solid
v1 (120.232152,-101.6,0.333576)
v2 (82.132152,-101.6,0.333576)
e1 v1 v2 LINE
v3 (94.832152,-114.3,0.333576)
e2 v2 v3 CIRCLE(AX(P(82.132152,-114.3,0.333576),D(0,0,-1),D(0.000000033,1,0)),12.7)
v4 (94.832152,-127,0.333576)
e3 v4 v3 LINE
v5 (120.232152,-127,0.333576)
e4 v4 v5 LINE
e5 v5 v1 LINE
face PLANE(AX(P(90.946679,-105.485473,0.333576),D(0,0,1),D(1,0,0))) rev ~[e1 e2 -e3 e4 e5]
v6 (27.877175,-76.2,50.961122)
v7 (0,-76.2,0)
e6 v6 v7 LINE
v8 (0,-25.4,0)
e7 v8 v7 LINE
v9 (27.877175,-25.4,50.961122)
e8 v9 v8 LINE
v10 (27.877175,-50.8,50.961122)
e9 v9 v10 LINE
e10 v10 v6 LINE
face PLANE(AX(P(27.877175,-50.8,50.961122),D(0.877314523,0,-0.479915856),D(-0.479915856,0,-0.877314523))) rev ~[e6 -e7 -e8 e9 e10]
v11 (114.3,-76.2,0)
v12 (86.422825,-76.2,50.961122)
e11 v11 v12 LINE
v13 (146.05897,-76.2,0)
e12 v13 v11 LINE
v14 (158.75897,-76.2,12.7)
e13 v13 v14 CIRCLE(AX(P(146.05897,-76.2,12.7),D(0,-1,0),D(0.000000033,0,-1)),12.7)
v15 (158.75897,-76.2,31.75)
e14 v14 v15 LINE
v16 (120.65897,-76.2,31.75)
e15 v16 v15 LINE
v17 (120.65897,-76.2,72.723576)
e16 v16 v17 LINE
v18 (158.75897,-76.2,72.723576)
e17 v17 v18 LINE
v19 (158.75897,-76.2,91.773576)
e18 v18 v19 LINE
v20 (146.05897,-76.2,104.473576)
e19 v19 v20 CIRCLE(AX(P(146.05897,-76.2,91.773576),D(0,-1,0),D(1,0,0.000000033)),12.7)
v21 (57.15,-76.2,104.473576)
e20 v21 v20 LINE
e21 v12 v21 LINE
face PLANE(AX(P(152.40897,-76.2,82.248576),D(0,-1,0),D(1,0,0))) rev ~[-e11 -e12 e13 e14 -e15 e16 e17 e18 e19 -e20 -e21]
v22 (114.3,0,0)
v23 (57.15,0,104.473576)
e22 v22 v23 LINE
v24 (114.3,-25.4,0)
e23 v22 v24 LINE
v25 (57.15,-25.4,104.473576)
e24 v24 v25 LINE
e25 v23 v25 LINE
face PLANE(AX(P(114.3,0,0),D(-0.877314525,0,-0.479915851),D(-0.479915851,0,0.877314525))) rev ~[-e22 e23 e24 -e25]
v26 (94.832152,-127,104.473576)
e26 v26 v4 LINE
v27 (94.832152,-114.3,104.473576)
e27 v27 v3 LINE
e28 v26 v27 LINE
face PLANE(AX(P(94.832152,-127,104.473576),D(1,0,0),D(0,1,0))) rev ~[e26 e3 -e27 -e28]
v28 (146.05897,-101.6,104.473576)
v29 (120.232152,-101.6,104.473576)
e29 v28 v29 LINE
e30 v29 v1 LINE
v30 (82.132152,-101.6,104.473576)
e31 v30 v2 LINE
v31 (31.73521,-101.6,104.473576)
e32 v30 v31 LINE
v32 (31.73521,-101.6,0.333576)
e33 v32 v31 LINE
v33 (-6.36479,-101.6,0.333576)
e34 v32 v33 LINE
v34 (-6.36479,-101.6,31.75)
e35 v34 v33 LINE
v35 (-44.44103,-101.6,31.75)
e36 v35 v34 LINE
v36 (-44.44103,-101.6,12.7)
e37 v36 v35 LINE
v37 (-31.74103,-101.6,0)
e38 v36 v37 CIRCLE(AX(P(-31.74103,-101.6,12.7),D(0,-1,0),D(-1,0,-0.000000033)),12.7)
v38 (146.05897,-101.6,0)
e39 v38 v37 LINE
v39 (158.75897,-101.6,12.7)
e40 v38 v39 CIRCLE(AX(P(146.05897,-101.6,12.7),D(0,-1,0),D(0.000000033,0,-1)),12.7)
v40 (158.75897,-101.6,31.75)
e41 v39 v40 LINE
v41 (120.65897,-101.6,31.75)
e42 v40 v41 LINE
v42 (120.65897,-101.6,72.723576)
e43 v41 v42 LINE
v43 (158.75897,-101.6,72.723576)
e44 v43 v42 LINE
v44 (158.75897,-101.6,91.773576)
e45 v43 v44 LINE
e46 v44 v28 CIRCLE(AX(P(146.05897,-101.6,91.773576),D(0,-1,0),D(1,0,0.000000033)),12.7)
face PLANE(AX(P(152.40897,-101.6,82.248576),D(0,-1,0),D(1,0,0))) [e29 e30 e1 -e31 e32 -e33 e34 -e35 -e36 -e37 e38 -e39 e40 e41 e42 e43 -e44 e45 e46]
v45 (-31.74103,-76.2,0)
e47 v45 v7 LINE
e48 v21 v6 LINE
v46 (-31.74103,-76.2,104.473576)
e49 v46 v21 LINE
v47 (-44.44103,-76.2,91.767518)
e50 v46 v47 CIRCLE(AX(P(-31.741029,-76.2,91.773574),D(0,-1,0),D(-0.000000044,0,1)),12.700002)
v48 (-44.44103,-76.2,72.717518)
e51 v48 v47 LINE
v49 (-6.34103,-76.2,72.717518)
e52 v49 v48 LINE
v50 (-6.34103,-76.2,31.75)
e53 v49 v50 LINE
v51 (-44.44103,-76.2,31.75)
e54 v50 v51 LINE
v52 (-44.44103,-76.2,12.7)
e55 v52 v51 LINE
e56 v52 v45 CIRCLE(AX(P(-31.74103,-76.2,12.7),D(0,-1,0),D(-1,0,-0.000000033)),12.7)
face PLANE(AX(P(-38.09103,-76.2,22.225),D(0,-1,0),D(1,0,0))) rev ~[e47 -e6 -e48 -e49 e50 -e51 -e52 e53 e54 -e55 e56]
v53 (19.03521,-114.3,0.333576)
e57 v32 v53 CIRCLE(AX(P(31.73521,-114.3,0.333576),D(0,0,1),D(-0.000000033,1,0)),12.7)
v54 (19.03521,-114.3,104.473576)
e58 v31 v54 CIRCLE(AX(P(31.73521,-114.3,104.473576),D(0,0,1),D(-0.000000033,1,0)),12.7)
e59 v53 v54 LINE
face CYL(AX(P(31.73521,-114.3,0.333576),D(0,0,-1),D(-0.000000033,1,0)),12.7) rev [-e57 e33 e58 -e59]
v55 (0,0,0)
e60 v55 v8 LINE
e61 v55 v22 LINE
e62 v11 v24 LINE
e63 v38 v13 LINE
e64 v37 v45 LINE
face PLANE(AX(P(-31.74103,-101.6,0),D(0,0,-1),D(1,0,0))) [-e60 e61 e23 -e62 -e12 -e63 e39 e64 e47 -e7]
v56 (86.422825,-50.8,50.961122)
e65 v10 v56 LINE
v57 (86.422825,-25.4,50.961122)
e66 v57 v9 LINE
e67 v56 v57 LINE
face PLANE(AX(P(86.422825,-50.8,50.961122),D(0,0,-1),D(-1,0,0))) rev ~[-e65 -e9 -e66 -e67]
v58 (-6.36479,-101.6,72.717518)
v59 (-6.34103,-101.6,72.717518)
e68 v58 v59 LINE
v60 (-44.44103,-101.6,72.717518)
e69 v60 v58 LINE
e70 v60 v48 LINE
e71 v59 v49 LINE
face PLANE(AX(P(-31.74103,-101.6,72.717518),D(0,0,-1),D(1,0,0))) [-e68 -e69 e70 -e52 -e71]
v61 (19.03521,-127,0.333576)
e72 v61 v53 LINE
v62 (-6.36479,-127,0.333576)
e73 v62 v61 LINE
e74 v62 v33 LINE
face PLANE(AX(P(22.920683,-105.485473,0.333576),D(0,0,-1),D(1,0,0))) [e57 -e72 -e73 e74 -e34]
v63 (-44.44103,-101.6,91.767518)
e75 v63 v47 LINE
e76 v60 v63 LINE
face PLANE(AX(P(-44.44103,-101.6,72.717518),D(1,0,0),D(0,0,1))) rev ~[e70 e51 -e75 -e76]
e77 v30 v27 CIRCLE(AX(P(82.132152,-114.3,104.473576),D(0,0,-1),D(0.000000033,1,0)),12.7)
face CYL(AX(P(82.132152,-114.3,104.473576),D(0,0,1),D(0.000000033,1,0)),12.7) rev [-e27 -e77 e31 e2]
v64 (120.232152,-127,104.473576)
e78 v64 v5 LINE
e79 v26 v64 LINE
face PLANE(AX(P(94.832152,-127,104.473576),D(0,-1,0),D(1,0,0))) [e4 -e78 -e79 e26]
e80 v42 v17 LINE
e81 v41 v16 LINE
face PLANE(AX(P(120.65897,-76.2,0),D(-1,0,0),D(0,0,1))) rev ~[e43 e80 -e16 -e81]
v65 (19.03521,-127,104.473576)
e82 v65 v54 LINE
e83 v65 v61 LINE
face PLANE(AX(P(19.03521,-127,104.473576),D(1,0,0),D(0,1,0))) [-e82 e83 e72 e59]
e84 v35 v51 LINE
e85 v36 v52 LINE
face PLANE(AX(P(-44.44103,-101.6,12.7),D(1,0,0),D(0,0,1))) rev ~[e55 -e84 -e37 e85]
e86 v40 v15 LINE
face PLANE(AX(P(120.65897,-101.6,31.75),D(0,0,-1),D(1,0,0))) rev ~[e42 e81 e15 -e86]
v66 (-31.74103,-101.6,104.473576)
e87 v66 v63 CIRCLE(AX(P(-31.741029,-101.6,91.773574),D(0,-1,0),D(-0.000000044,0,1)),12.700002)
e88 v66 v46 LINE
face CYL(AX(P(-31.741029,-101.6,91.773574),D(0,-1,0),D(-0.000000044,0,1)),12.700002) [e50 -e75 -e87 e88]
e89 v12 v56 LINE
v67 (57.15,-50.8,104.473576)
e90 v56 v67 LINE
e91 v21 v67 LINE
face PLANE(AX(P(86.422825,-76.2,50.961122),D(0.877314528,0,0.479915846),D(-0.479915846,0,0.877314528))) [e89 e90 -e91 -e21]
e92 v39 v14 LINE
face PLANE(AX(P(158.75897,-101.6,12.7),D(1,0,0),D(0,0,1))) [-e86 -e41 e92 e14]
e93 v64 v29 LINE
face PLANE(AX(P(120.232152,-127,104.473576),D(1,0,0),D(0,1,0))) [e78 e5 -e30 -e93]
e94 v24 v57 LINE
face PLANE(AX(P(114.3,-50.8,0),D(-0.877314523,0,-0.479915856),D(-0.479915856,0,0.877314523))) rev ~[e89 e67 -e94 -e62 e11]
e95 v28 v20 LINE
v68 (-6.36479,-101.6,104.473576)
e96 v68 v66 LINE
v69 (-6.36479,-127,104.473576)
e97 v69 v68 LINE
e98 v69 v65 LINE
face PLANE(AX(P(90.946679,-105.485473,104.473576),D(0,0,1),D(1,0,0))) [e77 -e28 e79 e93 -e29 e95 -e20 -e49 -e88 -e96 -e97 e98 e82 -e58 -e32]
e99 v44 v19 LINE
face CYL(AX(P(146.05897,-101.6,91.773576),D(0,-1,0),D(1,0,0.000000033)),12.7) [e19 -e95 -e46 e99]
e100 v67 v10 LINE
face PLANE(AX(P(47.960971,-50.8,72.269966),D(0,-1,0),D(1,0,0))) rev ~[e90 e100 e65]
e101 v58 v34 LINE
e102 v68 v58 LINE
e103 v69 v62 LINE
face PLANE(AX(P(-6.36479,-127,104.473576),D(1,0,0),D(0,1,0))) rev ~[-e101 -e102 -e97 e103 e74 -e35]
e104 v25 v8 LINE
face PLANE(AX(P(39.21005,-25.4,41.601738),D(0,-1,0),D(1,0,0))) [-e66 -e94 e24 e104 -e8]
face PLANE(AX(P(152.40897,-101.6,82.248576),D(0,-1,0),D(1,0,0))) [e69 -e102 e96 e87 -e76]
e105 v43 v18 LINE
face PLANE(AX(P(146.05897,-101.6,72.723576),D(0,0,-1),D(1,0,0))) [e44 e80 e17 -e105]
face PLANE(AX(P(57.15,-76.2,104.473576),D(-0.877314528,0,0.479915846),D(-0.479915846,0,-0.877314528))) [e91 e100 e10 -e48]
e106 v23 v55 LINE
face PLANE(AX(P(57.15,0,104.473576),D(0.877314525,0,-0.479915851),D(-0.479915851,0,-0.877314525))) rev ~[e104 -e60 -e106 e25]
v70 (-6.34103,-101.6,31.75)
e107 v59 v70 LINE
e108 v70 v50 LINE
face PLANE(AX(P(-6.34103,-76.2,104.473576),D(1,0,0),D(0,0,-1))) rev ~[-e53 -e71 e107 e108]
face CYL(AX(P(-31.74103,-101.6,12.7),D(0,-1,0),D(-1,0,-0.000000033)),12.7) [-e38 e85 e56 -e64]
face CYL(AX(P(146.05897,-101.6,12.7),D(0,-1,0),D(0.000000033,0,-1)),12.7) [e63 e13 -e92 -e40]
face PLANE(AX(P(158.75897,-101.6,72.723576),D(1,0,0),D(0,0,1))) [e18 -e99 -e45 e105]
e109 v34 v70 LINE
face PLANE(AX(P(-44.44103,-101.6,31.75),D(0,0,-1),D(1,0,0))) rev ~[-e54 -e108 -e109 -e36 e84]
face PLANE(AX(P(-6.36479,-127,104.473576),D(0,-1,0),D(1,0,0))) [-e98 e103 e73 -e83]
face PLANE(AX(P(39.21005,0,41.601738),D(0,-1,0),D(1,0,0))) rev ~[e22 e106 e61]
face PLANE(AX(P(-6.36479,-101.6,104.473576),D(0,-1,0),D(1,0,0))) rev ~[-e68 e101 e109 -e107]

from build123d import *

# Parameters (mm, degrees)
F1_DEPTH  = 25.4
F3_DEPTH  = 25.4
F5_DEPTH  = 25.4
F7_DEPTH  = 25.4
F9_DEPTH  = 25.4
F10_W     = 25.4
F10_H     = 31.75
F11_DEPTH = 25.4
F12_W     = 25.4
F12_H     = 31.75
F12_H_2   = 31.756058
F13_DEPTH = 25.4
F14_W     = 12.7
F14_H     = 19.05
F15_DEPTH = 25.4
F16_W     = 12.7
F16_H     = 19.05
F17_DEPTH = 25.4
F18_W     = 25.4
F18_H     = 25.4
F19_DEPTH = 104.14
F21_DEPTH = 104.14
F23_DEPTH = 104.14


with BuildPart() as f1:
    # F0 (on Front) → F1 (new body)
    with BuildSketch(Plane.XZ):
        Polygon((57.15, 104.473576), (0, 0), (57.15, 0), (57.15, 53.673576), align=None)
        Polygon((57.15, 53.673576), (57.15, 0), (114.3, 0), (57.15, 104.473576), align=None)
    extrude(amount=F1_DEPTH)

    # F2 (on face) → F3 (join)
    with BuildSketch(Plane.XZ.offset(25.4)):
        Polygon((86.422825, 50.961122), (57.15, 50.961122), (27.877175, 50.961122), (0, 0), (114.3, 0), align=None)
    extrude(amount=F3_DEPTH)

    # F4 (on face) → F5 (join)
    with BuildSketch(Plane.XZ.offset(50.8)):
        Polygon((86.422825, 50.961122), (27.877175, 50.961122), (0, 0), (114.3, 0), align=None)
    extrude(amount=F5_DEPTH)

    # F6 (on face) → F7 (join)
    with BuildSketch(Plane.XZ.offset(76.2)):
        Polygon((27.877175, 50.961122), (57.15, 50.961122), (57.15, 104.473576), align=None)
        Polygon((57.15, 104.473576), (57.15, 50.961122), (86.422825, 50.961122), align=None)
    extrude(amount=-F7_DEPTH)

    # F8 (on face) → F9 (join)
    with BuildSketch(Plane.XZ.offset(76.2)):
        Polygon((120.65897, 104.473576), (57.15, 104.473576), (-6.34103, 104.473576), (-6.34103, 0), (120.65897, 0), align=None)
    extrude(amount=F9_DEPTH)

    # F10 (on face) → F11 (join)
    with BuildSketch(Plane.XZ.offset(101.6)):
        with Locations((133.35897, 88.598576)):
            Rectangle(F10_W, F10_H)
        with Locations((133.35897, 15.875)):
            Rectangle(F10_W, F10_H)
    extrude(amount=-F11_DEPTH)

    # F12 (on face) → F13 (join)
    with BuildSketch(Plane.XZ.offset(101.6)):
        with Locations((-19.04103, 15.875)):
            Rectangle(F12_W, F12_H)
        with Locations((-19.04103, 88.595547)):
            Rectangle(F12_W, F12_H_2)
    extrude(amount=-F13_DEPTH)

    # F14 (on face) → F15 (join)
    with BuildSketch(Plane.XZ.offset(101.6)):
        with Locations((-38.09103, 22.225)):
            Rectangle(F14_W, F14_H)
        with BuildLine():
            Line((-31.74103, 0), (-31.74103, 12.7))
            Line((-31.74103, 12.7), (-44.44103, 12.7))
            ThreePointArc((-44.44103, 12.7), (-40.721286, 3.719744), (-31.74103, 0))
        make_face()
        with Locations((-38.09103, 82.242518)):
            Rectangle(F14_W, F14_H)
        with BuildLine():
            Line((-44.44103, 91.767518), (-31.74103, 91.767518))
            Line((-31.74103, 91.767518), (-31.74103, 104.473576))
            ThreePointArc((-31.74103, 104.473576), (-40.723428, 100.75169), (-44.44103, 91.767518))
        make_face()
    extrude(amount=-F15_DEPTH)

    # F16 (on face) → F17 (join)
    with BuildSketch(Plane.XZ.offset(101.6)):
        with Locations((152.40897, 82.248576)):
            Rectangle(F16_W, F16_H)
        with BuildLine():
            Line((146.05897, 104.473576), (146.05897, 91.773576))
            Line((146.05897, 91.773576), (158.75897, 91.773576))
            ThreePointArc((158.75897, 91.773576), (155.039226, 100.753832), (146.05897, 104.473576))
        make_face()
        with Locations((152.40897, 22.225)):
            Rectangle(F16_W, F16_H)
        with BuildLine():
            Line((158.75897, 12.7), (146.05897, 12.7))
            Line((146.05897, 12.7), (146.05897, 0))
            ThreePointArc((146.05897, 0), (155.039226, 3.719744), (158.75897, 12.7))
        make_face()
    extrude(amount=-F17_DEPTH)

    # F18 (on face) → F19 (join)
    with BuildSketch(Plane.XY.offset(104.473576)):
        with Locations((107.532152, -114.3)):
            Rectangle(F18_W, F18_H)
        with Locations((6.33521, -114.3)):
            Rectangle(F18_W, F18_H)
    extrude(amount=-F19_DEPTH)

    # F20 (on face) → F21 (join)
    with BuildSketch(Plane(origin=(0, 0, 0.333576), x_dir=(1, 0, 0), z_dir=(0, 0, -1))):
        with BuildLine():
            Line((19.03521, 114.3), (19.03521, 101.6))
            Line((19.03521, 101.6), (31.73521, 101.6))
            ThreePointArc((31.73521, 101.6), (22.754954, 105.319744), (19.03521, 114.3))
        make_face()
    extrude(amount=-F21_DEPTH)

    # F22 (on face) → F23 (join)
    with BuildSketch(Plane.XY.offset(104.473576)):
        with BuildLine():
            Line((94.832152, -114.3), (94.832152, -101.6))
            Line((94.832152, -101.6), (82.132152, -101.6))
            ThreePointArc((82.132152, -101.6), (91.112408, -105.319744), (94.832152, -114.3))
        make_face()
    extrude(amount=-F23_DEPTH)


solid = f1.part
